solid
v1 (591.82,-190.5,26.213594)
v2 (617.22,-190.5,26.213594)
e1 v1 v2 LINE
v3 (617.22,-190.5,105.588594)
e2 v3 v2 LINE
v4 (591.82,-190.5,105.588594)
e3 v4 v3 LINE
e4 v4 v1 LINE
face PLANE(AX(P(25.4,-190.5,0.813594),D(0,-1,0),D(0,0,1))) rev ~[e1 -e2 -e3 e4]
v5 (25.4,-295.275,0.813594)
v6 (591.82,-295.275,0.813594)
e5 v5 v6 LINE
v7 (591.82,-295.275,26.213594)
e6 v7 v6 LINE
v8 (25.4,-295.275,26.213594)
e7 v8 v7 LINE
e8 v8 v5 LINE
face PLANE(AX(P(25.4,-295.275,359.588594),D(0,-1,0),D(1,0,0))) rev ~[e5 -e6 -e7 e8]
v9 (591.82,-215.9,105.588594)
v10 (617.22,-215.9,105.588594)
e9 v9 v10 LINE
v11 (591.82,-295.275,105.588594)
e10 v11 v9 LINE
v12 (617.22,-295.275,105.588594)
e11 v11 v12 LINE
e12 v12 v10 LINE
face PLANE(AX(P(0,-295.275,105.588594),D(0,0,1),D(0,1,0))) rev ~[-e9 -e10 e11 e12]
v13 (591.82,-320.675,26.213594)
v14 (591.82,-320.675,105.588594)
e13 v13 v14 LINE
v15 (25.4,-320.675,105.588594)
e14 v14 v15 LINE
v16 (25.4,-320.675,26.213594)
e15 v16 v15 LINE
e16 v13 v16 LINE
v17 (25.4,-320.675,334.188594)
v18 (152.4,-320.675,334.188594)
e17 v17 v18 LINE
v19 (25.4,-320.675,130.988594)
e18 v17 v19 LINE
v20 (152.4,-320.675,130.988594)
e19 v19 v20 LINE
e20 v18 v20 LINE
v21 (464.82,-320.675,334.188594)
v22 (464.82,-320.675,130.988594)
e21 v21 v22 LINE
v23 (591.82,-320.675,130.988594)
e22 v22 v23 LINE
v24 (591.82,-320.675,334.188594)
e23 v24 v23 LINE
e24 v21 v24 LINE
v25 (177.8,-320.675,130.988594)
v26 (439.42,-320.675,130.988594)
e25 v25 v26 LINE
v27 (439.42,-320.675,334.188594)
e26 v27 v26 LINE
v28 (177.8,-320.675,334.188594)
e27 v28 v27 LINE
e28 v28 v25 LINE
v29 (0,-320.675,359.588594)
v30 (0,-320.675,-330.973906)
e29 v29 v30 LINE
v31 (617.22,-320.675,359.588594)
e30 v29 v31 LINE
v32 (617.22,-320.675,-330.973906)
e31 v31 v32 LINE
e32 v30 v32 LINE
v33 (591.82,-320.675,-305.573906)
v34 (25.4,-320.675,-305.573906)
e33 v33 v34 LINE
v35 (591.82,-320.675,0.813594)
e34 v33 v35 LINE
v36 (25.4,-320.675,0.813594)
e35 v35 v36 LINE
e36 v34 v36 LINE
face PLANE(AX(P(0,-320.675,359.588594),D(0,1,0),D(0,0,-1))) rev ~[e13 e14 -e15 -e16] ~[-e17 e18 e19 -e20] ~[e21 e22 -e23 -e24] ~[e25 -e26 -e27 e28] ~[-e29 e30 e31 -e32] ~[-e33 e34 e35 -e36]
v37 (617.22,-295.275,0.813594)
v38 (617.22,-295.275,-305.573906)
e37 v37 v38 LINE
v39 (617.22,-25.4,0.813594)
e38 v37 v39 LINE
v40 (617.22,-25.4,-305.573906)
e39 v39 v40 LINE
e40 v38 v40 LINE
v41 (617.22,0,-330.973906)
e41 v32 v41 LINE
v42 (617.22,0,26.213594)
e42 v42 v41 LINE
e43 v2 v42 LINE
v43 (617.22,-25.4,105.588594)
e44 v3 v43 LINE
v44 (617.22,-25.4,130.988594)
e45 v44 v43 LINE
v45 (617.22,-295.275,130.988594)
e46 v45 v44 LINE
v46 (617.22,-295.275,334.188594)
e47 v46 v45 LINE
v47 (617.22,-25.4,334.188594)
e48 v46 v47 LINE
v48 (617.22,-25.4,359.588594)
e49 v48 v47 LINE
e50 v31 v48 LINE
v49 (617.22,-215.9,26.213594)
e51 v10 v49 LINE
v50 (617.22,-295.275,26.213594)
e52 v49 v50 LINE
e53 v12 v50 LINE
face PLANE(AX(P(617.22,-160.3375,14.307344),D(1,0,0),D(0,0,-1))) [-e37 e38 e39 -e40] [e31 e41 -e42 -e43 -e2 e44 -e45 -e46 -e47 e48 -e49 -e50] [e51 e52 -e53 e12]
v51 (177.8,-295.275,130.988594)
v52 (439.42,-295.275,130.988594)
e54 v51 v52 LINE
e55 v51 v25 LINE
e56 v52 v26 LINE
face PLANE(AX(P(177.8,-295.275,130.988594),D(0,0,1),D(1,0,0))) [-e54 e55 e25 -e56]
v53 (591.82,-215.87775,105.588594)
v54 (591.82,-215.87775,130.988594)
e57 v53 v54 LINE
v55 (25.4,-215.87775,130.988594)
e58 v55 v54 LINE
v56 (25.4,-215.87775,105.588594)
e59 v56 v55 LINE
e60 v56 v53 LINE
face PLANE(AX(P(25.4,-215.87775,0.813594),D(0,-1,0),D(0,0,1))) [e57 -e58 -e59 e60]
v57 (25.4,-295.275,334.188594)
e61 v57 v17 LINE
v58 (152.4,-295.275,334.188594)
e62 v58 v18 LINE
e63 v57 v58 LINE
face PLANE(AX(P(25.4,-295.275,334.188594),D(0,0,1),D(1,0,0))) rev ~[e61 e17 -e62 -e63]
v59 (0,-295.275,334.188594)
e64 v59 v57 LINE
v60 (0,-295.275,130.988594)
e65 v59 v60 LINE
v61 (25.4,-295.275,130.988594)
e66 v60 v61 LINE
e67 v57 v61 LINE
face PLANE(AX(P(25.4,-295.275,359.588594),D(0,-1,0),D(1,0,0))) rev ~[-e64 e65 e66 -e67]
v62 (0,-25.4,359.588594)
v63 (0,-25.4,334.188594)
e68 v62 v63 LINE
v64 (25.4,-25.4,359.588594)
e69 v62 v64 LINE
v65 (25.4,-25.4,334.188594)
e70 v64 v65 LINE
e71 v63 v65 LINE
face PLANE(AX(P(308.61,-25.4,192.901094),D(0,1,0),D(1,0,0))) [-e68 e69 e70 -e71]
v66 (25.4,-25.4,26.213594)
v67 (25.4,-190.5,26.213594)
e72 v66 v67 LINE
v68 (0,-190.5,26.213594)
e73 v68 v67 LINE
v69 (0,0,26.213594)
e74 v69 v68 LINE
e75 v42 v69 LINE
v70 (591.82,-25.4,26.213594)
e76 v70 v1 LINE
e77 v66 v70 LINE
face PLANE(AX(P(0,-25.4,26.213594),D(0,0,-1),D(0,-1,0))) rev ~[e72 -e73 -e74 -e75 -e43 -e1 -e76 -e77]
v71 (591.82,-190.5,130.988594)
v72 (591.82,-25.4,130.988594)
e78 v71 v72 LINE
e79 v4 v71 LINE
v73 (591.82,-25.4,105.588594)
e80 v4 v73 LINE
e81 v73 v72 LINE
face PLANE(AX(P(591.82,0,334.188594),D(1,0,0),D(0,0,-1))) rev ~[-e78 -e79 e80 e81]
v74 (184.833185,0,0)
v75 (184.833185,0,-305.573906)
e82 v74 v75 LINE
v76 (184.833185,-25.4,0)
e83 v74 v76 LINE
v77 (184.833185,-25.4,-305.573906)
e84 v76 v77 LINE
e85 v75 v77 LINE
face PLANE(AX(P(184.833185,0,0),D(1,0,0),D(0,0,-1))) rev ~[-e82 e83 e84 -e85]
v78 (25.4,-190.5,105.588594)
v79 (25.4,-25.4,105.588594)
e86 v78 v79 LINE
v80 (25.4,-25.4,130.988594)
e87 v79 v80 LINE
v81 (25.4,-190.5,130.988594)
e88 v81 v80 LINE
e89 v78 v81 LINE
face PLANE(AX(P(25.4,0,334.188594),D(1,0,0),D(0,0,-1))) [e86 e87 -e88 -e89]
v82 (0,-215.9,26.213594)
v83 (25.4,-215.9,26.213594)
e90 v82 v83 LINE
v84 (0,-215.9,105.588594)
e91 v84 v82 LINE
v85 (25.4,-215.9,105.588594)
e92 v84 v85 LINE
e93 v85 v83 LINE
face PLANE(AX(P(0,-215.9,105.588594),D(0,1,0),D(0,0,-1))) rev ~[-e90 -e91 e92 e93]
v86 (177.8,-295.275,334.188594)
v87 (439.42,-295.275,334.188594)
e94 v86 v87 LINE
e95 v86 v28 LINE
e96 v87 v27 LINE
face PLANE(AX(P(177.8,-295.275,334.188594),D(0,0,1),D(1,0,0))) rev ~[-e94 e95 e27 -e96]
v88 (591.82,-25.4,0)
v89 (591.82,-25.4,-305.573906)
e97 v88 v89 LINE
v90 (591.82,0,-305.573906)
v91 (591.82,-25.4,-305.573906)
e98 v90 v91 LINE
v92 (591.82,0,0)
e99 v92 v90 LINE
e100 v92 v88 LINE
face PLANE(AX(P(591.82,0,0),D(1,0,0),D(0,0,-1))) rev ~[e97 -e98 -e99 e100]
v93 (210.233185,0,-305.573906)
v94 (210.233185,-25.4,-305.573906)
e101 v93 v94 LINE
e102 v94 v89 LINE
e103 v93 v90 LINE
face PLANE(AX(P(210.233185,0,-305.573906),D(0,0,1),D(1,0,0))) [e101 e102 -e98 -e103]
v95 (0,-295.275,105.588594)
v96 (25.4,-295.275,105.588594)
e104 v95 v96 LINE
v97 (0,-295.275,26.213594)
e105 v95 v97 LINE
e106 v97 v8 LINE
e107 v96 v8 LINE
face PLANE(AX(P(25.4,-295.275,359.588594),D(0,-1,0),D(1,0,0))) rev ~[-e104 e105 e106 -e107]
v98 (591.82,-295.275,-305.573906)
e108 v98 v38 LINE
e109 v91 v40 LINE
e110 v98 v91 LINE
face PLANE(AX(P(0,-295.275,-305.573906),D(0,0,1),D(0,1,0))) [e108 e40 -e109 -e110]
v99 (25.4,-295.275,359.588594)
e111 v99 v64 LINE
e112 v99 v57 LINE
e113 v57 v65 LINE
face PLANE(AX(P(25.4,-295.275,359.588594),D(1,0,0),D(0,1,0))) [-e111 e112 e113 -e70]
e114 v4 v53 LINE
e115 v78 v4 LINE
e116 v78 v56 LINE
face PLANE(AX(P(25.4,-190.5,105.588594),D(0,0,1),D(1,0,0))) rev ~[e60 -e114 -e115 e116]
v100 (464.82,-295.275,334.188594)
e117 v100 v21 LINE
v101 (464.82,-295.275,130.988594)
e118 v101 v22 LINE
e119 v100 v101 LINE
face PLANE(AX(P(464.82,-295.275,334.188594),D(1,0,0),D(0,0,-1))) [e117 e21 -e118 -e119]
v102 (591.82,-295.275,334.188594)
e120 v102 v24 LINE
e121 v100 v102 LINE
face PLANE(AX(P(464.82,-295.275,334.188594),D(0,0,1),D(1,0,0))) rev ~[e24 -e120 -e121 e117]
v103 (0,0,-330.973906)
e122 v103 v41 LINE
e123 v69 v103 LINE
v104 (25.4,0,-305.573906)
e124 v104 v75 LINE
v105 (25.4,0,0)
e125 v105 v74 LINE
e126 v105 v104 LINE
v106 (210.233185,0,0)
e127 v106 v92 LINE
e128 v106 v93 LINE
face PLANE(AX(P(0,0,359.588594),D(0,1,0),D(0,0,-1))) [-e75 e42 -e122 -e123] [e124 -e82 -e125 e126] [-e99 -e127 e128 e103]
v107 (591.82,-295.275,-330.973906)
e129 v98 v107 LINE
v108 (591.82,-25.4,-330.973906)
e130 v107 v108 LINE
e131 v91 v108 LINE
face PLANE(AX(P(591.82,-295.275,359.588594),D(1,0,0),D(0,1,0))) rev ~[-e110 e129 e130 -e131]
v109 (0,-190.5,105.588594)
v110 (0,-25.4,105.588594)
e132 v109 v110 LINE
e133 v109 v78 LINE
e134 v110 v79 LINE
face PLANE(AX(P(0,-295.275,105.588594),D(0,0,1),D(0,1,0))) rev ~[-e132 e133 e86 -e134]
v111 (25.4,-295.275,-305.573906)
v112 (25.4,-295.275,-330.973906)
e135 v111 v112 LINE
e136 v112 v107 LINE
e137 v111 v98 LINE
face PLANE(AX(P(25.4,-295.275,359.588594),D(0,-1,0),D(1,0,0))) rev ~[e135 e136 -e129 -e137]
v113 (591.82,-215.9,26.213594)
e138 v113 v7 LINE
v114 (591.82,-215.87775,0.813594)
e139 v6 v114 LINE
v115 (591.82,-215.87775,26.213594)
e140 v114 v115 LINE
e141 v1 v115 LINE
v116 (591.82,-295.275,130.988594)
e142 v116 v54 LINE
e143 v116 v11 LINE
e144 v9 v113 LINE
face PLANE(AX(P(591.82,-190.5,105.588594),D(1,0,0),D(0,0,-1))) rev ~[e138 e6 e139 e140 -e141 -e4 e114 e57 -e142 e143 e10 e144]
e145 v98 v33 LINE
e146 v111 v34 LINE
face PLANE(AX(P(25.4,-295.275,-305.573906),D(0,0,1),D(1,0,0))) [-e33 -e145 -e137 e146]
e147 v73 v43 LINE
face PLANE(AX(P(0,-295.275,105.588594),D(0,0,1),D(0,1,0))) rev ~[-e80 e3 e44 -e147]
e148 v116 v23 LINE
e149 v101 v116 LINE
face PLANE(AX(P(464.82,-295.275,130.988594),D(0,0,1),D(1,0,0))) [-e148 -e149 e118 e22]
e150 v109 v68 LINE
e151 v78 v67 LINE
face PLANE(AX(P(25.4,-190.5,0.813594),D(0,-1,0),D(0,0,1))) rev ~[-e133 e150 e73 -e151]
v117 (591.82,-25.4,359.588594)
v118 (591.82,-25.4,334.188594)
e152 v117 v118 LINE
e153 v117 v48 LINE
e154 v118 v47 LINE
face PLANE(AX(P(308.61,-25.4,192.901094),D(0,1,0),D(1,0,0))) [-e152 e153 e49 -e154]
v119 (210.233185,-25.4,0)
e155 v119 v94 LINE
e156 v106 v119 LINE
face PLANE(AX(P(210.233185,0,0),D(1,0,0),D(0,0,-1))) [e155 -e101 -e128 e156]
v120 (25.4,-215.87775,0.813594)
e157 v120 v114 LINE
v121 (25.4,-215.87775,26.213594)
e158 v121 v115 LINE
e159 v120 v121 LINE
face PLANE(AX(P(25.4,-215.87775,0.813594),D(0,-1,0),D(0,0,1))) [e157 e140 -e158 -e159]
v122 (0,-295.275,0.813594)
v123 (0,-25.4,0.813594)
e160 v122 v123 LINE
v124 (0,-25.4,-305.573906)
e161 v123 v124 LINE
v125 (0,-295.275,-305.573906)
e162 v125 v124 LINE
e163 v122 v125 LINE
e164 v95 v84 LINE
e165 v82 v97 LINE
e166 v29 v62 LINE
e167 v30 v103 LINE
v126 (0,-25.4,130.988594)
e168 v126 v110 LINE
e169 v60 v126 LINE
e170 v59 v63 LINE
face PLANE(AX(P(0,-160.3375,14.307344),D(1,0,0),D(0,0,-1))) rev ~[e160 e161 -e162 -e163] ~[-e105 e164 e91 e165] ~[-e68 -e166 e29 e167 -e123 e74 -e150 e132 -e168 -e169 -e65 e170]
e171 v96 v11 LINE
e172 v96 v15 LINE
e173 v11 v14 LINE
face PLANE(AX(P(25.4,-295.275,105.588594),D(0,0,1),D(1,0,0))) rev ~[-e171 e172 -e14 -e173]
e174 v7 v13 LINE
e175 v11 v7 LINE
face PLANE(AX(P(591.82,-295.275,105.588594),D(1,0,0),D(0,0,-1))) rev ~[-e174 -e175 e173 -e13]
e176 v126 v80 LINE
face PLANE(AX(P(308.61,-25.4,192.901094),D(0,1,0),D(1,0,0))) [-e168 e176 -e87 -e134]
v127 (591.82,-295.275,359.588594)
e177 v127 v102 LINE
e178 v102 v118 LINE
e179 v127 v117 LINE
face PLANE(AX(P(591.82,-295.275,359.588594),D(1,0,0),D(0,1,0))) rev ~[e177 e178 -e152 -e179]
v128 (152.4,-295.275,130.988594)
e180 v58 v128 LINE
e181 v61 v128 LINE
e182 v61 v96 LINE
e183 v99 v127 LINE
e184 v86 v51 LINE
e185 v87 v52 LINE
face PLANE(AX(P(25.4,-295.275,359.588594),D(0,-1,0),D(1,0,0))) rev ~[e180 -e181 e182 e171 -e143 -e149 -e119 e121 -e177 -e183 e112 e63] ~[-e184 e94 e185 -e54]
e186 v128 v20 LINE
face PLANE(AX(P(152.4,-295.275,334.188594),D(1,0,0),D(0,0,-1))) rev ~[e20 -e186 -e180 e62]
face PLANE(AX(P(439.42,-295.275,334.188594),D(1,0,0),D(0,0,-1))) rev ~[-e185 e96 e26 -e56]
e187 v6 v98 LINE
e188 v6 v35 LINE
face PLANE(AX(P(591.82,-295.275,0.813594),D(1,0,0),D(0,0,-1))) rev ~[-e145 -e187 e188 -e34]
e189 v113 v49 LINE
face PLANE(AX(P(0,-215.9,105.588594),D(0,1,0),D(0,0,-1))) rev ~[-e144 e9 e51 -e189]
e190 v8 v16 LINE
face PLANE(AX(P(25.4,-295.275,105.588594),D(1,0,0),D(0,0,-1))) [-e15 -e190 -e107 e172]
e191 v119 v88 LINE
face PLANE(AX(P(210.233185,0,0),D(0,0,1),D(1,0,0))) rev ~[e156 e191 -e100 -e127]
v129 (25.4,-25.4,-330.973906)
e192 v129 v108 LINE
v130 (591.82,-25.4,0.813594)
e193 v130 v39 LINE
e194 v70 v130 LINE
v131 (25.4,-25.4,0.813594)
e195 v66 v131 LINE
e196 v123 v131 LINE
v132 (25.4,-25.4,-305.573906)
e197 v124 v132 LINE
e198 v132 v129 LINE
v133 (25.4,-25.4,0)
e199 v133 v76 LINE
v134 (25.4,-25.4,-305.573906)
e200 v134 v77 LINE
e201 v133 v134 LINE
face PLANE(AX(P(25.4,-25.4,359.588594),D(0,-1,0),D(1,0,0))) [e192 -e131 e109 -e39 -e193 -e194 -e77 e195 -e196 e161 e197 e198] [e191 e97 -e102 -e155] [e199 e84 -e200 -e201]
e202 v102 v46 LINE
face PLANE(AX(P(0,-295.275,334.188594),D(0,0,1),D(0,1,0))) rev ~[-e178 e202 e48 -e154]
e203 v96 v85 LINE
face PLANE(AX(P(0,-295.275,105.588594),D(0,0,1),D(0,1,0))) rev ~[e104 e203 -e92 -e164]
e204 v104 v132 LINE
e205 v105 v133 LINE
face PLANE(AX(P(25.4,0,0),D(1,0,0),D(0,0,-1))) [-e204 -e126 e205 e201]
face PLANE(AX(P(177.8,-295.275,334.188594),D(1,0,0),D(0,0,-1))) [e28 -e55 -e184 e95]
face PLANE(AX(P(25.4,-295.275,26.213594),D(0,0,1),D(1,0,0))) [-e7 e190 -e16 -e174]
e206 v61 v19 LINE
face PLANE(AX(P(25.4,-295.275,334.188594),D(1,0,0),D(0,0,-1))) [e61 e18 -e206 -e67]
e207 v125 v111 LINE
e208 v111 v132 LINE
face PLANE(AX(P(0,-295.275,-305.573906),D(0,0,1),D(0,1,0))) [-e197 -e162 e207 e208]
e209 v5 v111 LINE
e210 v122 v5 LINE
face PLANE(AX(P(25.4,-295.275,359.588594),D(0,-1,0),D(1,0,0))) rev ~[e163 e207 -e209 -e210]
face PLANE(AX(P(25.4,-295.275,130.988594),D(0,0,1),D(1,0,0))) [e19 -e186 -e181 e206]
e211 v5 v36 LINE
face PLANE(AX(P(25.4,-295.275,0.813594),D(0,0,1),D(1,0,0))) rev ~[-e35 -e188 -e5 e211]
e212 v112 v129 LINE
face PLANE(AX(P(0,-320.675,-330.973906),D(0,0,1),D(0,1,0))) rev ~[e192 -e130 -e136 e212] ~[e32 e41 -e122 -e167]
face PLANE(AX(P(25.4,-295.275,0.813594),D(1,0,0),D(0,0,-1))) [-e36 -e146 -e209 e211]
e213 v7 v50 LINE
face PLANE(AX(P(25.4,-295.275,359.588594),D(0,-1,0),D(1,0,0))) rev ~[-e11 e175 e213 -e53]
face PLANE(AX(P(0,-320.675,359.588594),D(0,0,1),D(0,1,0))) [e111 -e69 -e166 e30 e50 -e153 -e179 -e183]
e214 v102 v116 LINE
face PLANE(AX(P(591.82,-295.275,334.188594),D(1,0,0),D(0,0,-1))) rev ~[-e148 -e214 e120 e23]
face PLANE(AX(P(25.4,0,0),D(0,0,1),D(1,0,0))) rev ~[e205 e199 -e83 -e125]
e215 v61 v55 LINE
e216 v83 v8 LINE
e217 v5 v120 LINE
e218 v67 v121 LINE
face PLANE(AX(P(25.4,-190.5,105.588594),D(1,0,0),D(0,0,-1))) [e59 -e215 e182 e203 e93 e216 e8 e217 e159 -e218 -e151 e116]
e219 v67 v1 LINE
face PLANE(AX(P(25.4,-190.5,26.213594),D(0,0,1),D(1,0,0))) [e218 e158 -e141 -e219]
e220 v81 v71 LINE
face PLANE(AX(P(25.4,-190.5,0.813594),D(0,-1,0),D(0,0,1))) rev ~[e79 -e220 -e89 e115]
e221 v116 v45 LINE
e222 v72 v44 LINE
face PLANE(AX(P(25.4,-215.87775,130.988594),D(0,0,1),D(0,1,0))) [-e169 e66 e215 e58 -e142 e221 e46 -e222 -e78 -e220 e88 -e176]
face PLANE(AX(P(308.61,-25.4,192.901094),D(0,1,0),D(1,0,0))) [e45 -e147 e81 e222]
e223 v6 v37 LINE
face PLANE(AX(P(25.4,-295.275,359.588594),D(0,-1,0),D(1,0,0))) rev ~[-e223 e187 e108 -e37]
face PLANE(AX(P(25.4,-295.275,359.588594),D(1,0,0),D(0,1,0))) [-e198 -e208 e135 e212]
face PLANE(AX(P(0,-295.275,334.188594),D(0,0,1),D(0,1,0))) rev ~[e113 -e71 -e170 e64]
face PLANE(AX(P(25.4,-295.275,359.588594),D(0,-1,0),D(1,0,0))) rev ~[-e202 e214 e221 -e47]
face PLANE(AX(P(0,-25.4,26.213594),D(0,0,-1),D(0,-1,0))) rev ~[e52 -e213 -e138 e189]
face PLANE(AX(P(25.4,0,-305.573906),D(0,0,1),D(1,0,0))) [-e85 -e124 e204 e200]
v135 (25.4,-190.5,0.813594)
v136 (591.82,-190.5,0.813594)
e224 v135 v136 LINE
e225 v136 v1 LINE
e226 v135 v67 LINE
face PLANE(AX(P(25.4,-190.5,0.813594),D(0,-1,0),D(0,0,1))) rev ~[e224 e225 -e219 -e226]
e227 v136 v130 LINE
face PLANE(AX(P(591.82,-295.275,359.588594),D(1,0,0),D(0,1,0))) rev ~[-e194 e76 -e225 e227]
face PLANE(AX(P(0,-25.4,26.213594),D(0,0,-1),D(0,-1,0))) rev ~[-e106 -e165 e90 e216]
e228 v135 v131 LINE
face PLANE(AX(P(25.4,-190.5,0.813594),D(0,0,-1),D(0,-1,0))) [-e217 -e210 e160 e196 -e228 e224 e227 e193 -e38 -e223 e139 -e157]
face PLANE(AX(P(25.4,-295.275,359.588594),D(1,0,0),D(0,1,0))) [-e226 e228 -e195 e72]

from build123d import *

# Parameters (mm, degrees)
SKETCH1_W           = 690.5625
SKETCH1_H           = 320.675
SKETCH1_W_2         = 639.7625
SKETCH1_H_2         = 269.875
SKETCH1_W_3         = 25.4
SKETCH1_W_4         = 79.375
SKETCH1_H_3         = 25.4
BOSS_EXTRUDE1_DEPTH = 617.22
SKETCH2_W           = 566.42
SKETCH2_H           = 269.875
CUT_EXTRUDE1_DEPTH  = 981.137516082
BOSS_EXTRUDE2_DEPTH = 566.42
CUT_EXTRUDE2_REACH  = 741.293
SKETCH6_W           = 566.42
SKETCH6_H           = 79.375
SKETCH7_W           = 127
SKETCH7_H           = 203.2
SKETCH7_W_2         = 261.62
CUT_EXTRUDE3_DEPTH  = 773.950070043
CUT_EXTRUDE4_REACH  = 785.005
SKETCH8_W           = 566.42
SKETCH8_H           = 307.975
CUT_EXTRUDE6_REACH  = 785.005
SKETCH9_W           = 159.433185108
SKETCH9_H           = 305.57390625
SKETCH9_W_2         = 381.586814892
CUT_EXTRUDE8_REACH  = 774.95
SKETCH10_W          = 566.42
SKETCH10_H          = 306.3875
CUT_EXTRUDE10_REACH = 774.95
SKETCH12_W          = 566.42
SKETCH12_H          = 79.375
SKETCH13_W          = 617.22
SKETCH13_H          = 333.375
CUT_EXTRUDE13_DEPTH = 25.4


with BuildPart() as part:
    # Sketch1 → Boss-Extrude1 (new body)
    # profile 1 of 4: a face of its own
    with BuildSketch(Plane(origin=(0, 0, 0), x_dir=(0, 0, -1), z_dir=(1, 0, 0))):
        with Locations((-14.30734375, -160.3375)):
            Rectangle(SKETCH1_W, SKETCH1_H)
        with Locations((-14.30734375, -160.3375)):
            Rectangle(SKETCH1_W_2, SKETCH1_H_2, mode=Mode.SUBTRACT)
    # profile 2 of 4: a face of its own
    with BuildSketch(Plane(origin=(0, 0, 0), x_dir=(0, 0, -1), z_dir=(1, 0, 0))):
        Polygon((-0.81359375, -25.4), (-26.21359375, -25.4), (-26.21359375, -190.5), (-26.21359375, -215.9), (-26.21359375, -295.275), (-0.81359375, -295.275), align=None)
    # profile 3 of 4: a face of its own
    with BuildSketch(Plane(origin=(0, 0, 0), x_dir=(0, 0, -1), z_dir=(1, 0, 0))):
        with Locations((-118.28859375, -160.3375)):
            Rectangle(SKETCH1_W_3, SKETCH1_H_2)
    # profile 4 of 4: a face of its own
    with BuildSketch(Plane(origin=(0, 0, 0), x_dir=(0, 0, -1), z_dir=(1, 0, 0))):
        with Locations((-65.90109375, -203.2)):
            Rectangle(SKETCH1_W_4, SKETCH1_H_3)
    extrude(amount=BOSS_EXTRUDE1_DEPTH)

    # Sketch2 → Cut-Extrude1 (cut, through all)
    with BuildSketch(Plane.XY.offset(359.58859375)):
        with Locations((308.61, -160.3375)):
            Rectangle(SKETCH2_W, SKETCH2_H)
    extrude(amount=-CUT_EXTRUDE1_DEPTH, mode=Mode.SUBTRACT)

    # Sketch4 → Boss-Extrude2 (add)
    with BuildSketch(Plane(origin=(25.4, 0, 0), x_dir=(0, 0, -1), z_dir=(1, 0, 0))):
        Polygon((-26.21359375, -190.5), (-0.81359375, -190.5), (-0.81359375, -215.87774991), (-130.98859375, -215.87774991), (-130.98859375, -190.5), align=None)
    extrude(amount=BOSS_EXTRUDE2_DEPTH)

    # Sketch6 → Cut-Extrude2 (cut, up to next)
    with BuildSketch(Plane(origin=(0, -190.5, 0), x_dir=(1, 0, 0), z_dir=(0, 1, 0)), mode=Mode.PRIVATE) as cut_extrude2_sk1:
        with Locations((308.61, -65.90109375)):
            Rectangle(SKETCH6_W, SKETCH6_H)
    cut_extrude2_tool1 = extrude(cut_extrude2_sk1.sketch, amount=-CUT_EXTRUDE2_REACH, mode=Mode.PRIVATE) & part.part
    add(cut_extrude2_tool1.solids().sort_by_distance((308.61, -190.5, 65.901094))[0], mode=Mode.SUBTRACT)

    # Sketch7 → Cut-Extrude3 (cut, through all)
    with BuildSketch(Plane(origin=(0, -295.275, 0), x_dir=(1, 0, 0), z_dir=(0, 1, 0))):
        with Locations((528.32, -232.58859375)):
            Rectangle(SKETCH7_W, SKETCH7_H)
        with Locations((88.9, -232.58859375)):
            Rectangle(SKETCH7_W, SKETCH7_H)
        with Locations((308.61, -232.58859375)):
            Rectangle(SKETCH7_W_2, SKETCH7_H)
    extrude(amount=-CUT_EXTRUDE3_DEPTH, mode=Mode.SUBTRACT)

    # Sketch8 → Cut-Extrude4 (cut, up to next)
    with BuildSketch(Plane(origin=(0, 0, 0), x_dir=(1, 0, 0), z_dir=(0, 1, 0)), mode=Mode.PRIVATE) as cut_extrude4_sk1:
        with Locations((308.61, -180.20109375)):
            Rectangle(SKETCH8_W, SKETCH8_H)
    cut_extrude4_tool1 = extrude(cut_extrude4_sk1.sketch, amount=-CUT_EXTRUDE4_REACH, mode=Mode.PRIVATE) & part.part
    add(cut_extrude4_tool1.solids().sort_by_distance((308.61, 0, 180.201094))[0], mode=Mode.SUBTRACT)

    # Sketch9 → Cut-Extrude6 (cut, up to next)
    with BuildSketch(Plane(origin=(0, 0, 0), x_dir=(1, 0, 0), z_dir=(0, 1, 0)), mode=Mode.PRIVATE) as cut_extrude6_sk1:
        with Locations((105.116592554, 152.786953125)):
            Rectangle(SKETCH9_W, SKETCH9_H)
    cut_extrude6_tool1 = extrude(cut_extrude6_sk1.sketch, amount=-CUT_EXTRUDE6_REACH, mode=Mode.PRIVATE) & part.part
    # Sketch9 → Cut-Extrude6 (cut, up to next)
    with BuildSketch(Plane(origin=(0, 0, 0), x_dir=(1, 0, 0), z_dir=(0, 1, 0)), mode=Mode.PRIVATE) as cut_extrude6_sk2:
        with Locations((401.026592554, 152.786953125)):
            Rectangle(SKETCH9_W_2, SKETCH9_H)
    cut_extrude6_tool2 = extrude(cut_extrude6_sk2.sketch, amount=-CUT_EXTRUDE6_REACH, mode=Mode.PRIVATE) & part.part
    add(cut_extrude6_tool1.solids().sort_by_distance((105.116593, 0, -152.786953))[0], mode=Mode.SUBTRACT)
    add(cut_extrude6_tool2.solids().sort_by_distance((401.026593, 0, -152.786953))[0], mode=Mode.SUBTRACT)

    # Sketch10 → Cut-Extrude8 (cut, up to next)
    with BuildSketch(Plane(origin=(0, -295.275, 0), x_dir=(1, 0, 0), z_dir=(0, 1, 0)), mode=Mode.PRIVATE) as cut_extrude8_sk1:
        with Locations((308.61, 152.38015625)):
            Rectangle(SKETCH10_W, SKETCH10_H)
    cut_extrude8_tool1 = extrude(cut_extrude8_sk1.sketch, amount=-CUT_EXTRUDE8_REACH, mode=Mode.PRIVATE) & part.part
    add(cut_extrude8_tool1.solids().sort_by_distance((308.61, -295.275, -152.380156))[0], mode=Mode.SUBTRACT)

    # Sketch12 → Cut-Extrude10 (cut, up to next)
    with BuildSketch(Plane(origin=(0, -295.275, 0), x_dir=(1, 0, 0), z_dir=(0, 1, 0)), mode=Mode.PRIVATE) as cut_extrude10_sk1:
        with Locations((308.61, -65.90109375)):
            Rectangle(SKETCH12_W, SKETCH12_H)
    cut_extrude10_tool1 = extrude(cut_extrude10_sk1.sketch, amount=-CUT_EXTRUDE10_REACH, mode=Mode.PRIVATE) & part.part
    add(cut_extrude10_tool1.solids().sort_by_distance((308.61, -295.275, 65.901094))[0], mode=Mode.SUBTRACT)

    # Sketch13 → Cut-Extrude13 (cut)
    with BuildSketch(Plane(origin=(0, 0, 0), x_dir=(1, 0, 0), z_dir=(0, 1, 0))):
        with Locations((308.61, -192.90109375)):
            Rectangle(SKETCH13_W, SKETCH13_H)
    extrude(amount=-CUT_EXTRUDE13_DEPTH, mode=Mode.SUBTRACT)


solid = part.part
